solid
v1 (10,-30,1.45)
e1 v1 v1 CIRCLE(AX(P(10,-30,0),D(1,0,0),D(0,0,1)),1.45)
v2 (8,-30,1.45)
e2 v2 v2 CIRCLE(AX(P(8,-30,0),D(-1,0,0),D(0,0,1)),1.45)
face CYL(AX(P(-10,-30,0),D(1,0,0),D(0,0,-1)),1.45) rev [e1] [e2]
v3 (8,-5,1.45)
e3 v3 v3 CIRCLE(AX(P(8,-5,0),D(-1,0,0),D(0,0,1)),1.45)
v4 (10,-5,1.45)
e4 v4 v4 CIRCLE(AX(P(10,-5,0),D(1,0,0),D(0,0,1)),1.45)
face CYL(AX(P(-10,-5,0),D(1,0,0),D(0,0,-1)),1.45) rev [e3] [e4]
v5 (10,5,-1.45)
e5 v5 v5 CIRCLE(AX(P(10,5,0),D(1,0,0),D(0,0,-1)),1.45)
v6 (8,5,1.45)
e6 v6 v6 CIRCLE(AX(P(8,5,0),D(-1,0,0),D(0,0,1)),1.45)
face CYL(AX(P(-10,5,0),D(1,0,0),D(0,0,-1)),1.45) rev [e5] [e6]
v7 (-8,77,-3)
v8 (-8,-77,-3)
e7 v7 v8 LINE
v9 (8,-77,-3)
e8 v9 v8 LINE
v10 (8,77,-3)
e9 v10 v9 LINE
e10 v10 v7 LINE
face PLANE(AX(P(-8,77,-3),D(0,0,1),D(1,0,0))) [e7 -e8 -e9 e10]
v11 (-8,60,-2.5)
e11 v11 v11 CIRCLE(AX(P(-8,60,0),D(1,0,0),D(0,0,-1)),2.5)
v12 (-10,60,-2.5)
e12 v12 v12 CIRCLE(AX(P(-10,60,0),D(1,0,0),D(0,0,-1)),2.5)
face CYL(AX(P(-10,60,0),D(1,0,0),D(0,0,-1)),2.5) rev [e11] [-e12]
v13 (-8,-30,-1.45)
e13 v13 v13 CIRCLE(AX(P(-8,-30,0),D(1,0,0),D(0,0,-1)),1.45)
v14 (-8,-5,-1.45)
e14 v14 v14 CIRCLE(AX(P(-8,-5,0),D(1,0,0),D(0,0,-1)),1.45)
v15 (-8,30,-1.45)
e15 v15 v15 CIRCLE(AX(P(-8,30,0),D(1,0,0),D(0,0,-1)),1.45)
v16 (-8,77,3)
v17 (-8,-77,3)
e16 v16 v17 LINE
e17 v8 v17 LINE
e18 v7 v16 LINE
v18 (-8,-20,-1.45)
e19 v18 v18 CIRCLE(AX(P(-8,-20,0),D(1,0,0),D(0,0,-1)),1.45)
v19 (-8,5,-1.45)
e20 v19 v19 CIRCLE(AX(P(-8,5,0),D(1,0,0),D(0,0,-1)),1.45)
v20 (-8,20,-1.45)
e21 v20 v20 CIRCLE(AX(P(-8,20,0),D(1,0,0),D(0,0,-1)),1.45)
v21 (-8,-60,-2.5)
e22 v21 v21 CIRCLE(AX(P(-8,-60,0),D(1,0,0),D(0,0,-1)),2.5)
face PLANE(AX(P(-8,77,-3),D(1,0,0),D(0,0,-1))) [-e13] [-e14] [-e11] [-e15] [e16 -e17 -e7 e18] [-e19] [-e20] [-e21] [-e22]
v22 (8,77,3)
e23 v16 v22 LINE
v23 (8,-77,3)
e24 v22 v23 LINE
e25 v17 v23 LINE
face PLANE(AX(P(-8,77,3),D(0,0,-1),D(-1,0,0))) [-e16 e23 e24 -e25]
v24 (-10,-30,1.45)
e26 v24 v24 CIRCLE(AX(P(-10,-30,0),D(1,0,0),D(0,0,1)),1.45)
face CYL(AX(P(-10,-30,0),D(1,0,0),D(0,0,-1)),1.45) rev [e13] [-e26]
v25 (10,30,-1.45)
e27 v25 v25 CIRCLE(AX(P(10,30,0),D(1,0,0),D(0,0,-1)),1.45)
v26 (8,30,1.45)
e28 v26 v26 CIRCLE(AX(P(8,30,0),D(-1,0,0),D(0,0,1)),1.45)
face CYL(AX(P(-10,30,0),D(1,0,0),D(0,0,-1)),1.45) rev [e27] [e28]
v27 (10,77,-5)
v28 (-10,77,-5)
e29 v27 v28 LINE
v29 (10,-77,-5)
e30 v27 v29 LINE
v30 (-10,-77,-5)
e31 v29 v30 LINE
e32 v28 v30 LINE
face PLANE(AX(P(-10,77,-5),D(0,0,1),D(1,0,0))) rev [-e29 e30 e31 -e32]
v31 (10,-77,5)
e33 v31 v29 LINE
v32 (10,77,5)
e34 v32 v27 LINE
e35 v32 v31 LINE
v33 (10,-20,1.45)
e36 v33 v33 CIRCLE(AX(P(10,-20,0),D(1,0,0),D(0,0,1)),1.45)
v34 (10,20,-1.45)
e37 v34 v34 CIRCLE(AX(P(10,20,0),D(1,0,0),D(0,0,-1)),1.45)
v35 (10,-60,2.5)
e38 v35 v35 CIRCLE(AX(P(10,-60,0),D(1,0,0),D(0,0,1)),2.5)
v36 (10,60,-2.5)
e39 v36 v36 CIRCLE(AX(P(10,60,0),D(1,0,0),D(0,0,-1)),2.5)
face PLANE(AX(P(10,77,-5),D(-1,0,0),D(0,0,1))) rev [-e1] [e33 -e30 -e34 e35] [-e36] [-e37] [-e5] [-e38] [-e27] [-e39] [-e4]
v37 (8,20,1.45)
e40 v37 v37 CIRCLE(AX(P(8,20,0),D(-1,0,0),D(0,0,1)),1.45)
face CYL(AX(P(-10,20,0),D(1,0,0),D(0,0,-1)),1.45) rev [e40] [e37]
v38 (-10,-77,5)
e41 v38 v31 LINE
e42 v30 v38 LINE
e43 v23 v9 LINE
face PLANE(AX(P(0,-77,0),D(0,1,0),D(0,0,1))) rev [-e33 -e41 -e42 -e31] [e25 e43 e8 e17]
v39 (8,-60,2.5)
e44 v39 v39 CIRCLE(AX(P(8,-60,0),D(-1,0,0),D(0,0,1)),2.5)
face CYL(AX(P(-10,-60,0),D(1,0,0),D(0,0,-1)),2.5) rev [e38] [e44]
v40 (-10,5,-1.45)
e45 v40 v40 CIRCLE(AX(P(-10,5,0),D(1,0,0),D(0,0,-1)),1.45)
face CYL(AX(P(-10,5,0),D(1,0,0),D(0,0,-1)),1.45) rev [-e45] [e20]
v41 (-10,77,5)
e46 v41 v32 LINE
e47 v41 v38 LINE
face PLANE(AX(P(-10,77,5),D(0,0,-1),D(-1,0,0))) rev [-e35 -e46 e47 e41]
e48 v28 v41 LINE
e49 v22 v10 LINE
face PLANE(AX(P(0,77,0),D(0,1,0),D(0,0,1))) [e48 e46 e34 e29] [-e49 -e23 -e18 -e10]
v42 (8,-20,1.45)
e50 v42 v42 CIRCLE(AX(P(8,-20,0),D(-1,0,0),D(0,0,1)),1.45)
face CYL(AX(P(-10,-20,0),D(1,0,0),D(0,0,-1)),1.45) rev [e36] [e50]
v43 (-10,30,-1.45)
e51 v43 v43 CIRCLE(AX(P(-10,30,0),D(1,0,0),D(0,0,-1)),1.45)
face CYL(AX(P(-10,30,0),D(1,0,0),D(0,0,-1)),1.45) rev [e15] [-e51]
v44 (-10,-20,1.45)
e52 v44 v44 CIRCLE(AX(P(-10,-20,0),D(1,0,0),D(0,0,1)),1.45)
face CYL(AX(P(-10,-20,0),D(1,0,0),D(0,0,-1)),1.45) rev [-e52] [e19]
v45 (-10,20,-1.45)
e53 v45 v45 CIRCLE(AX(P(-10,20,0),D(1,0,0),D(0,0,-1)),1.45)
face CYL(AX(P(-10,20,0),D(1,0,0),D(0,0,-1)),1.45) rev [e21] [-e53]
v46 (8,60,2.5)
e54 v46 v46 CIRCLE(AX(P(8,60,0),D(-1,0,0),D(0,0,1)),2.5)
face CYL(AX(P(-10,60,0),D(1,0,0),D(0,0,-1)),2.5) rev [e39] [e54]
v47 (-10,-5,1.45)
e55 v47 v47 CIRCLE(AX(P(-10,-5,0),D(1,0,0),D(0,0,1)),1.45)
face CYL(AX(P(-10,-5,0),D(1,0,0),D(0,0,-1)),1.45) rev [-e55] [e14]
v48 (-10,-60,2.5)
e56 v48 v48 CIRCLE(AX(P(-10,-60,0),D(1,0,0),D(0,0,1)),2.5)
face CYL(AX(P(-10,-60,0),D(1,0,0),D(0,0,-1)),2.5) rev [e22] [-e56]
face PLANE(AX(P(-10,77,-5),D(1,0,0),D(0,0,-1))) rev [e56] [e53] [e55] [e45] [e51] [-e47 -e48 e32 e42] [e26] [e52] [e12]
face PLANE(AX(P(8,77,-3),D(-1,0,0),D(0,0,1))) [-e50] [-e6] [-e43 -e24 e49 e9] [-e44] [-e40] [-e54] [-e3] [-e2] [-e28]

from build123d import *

# Parameters (mm, degrees)
SKETCH_1_W          = 20
SKETCH_1_H          = 10
SKETCH_1_W_2        = 16
SKETCH_1_H_2        = 6
EXTRUDE_1_DEPTH     = 77
SKETCH_2_R          = 1.45
SKETCH_2_R_2        = 2.5
CUT_EXTRUDE_1_DEPTH = 80.711981534


with BuildPart() as part:
    # 草图1 → 凸台-拉伸1 (new, symmetric)
    with BuildSketch(Plane(origin=(0, 0, 0), x_dir=(1, 0, 0), z_dir=(0, 1, 0))):
        Rectangle(SKETCH_1_W, SKETCH_1_H)
        Rectangle(SKETCH_1_W_2, SKETCH_1_H_2, mode=Mode.SUBTRACT)
    extrude(amount=EXTRUDE_1_DEPTH, both=True)

    # 草图2 → 切除-拉伸1 (cut, through all)
    with BuildSketch(Plane(origin=(10, 0, 0), x_dir=(0, 0, -1), z_dir=(1, 0, 0))):
        with Locations((0, 5)):
            Circle(SKETCH_2_R)
        with Locations((0, 20)):
            Circle(SKETCH_2_R)
        with Locations((0, 30)):
            Circle(SKETCH_2_R)
        with Locations((0, -30)):
            Circle(SKETCH_2_R)
        with Locations((0, -20)):
            Circle(SKETCH_2_R)
        with Locations((0, -5)):
            Circle(SKETCH_2_R)
        with Locations((0, 60)):
            Circle(SKETCH_2_R_2)
        with Locations((0, -60)):
            Circle(SKETCH_2_R_2)
    extrude(amount=-CUT_EXTRUDE_1_DEPTH, mode=Mode.SUBTRACT)


solid = part.part
